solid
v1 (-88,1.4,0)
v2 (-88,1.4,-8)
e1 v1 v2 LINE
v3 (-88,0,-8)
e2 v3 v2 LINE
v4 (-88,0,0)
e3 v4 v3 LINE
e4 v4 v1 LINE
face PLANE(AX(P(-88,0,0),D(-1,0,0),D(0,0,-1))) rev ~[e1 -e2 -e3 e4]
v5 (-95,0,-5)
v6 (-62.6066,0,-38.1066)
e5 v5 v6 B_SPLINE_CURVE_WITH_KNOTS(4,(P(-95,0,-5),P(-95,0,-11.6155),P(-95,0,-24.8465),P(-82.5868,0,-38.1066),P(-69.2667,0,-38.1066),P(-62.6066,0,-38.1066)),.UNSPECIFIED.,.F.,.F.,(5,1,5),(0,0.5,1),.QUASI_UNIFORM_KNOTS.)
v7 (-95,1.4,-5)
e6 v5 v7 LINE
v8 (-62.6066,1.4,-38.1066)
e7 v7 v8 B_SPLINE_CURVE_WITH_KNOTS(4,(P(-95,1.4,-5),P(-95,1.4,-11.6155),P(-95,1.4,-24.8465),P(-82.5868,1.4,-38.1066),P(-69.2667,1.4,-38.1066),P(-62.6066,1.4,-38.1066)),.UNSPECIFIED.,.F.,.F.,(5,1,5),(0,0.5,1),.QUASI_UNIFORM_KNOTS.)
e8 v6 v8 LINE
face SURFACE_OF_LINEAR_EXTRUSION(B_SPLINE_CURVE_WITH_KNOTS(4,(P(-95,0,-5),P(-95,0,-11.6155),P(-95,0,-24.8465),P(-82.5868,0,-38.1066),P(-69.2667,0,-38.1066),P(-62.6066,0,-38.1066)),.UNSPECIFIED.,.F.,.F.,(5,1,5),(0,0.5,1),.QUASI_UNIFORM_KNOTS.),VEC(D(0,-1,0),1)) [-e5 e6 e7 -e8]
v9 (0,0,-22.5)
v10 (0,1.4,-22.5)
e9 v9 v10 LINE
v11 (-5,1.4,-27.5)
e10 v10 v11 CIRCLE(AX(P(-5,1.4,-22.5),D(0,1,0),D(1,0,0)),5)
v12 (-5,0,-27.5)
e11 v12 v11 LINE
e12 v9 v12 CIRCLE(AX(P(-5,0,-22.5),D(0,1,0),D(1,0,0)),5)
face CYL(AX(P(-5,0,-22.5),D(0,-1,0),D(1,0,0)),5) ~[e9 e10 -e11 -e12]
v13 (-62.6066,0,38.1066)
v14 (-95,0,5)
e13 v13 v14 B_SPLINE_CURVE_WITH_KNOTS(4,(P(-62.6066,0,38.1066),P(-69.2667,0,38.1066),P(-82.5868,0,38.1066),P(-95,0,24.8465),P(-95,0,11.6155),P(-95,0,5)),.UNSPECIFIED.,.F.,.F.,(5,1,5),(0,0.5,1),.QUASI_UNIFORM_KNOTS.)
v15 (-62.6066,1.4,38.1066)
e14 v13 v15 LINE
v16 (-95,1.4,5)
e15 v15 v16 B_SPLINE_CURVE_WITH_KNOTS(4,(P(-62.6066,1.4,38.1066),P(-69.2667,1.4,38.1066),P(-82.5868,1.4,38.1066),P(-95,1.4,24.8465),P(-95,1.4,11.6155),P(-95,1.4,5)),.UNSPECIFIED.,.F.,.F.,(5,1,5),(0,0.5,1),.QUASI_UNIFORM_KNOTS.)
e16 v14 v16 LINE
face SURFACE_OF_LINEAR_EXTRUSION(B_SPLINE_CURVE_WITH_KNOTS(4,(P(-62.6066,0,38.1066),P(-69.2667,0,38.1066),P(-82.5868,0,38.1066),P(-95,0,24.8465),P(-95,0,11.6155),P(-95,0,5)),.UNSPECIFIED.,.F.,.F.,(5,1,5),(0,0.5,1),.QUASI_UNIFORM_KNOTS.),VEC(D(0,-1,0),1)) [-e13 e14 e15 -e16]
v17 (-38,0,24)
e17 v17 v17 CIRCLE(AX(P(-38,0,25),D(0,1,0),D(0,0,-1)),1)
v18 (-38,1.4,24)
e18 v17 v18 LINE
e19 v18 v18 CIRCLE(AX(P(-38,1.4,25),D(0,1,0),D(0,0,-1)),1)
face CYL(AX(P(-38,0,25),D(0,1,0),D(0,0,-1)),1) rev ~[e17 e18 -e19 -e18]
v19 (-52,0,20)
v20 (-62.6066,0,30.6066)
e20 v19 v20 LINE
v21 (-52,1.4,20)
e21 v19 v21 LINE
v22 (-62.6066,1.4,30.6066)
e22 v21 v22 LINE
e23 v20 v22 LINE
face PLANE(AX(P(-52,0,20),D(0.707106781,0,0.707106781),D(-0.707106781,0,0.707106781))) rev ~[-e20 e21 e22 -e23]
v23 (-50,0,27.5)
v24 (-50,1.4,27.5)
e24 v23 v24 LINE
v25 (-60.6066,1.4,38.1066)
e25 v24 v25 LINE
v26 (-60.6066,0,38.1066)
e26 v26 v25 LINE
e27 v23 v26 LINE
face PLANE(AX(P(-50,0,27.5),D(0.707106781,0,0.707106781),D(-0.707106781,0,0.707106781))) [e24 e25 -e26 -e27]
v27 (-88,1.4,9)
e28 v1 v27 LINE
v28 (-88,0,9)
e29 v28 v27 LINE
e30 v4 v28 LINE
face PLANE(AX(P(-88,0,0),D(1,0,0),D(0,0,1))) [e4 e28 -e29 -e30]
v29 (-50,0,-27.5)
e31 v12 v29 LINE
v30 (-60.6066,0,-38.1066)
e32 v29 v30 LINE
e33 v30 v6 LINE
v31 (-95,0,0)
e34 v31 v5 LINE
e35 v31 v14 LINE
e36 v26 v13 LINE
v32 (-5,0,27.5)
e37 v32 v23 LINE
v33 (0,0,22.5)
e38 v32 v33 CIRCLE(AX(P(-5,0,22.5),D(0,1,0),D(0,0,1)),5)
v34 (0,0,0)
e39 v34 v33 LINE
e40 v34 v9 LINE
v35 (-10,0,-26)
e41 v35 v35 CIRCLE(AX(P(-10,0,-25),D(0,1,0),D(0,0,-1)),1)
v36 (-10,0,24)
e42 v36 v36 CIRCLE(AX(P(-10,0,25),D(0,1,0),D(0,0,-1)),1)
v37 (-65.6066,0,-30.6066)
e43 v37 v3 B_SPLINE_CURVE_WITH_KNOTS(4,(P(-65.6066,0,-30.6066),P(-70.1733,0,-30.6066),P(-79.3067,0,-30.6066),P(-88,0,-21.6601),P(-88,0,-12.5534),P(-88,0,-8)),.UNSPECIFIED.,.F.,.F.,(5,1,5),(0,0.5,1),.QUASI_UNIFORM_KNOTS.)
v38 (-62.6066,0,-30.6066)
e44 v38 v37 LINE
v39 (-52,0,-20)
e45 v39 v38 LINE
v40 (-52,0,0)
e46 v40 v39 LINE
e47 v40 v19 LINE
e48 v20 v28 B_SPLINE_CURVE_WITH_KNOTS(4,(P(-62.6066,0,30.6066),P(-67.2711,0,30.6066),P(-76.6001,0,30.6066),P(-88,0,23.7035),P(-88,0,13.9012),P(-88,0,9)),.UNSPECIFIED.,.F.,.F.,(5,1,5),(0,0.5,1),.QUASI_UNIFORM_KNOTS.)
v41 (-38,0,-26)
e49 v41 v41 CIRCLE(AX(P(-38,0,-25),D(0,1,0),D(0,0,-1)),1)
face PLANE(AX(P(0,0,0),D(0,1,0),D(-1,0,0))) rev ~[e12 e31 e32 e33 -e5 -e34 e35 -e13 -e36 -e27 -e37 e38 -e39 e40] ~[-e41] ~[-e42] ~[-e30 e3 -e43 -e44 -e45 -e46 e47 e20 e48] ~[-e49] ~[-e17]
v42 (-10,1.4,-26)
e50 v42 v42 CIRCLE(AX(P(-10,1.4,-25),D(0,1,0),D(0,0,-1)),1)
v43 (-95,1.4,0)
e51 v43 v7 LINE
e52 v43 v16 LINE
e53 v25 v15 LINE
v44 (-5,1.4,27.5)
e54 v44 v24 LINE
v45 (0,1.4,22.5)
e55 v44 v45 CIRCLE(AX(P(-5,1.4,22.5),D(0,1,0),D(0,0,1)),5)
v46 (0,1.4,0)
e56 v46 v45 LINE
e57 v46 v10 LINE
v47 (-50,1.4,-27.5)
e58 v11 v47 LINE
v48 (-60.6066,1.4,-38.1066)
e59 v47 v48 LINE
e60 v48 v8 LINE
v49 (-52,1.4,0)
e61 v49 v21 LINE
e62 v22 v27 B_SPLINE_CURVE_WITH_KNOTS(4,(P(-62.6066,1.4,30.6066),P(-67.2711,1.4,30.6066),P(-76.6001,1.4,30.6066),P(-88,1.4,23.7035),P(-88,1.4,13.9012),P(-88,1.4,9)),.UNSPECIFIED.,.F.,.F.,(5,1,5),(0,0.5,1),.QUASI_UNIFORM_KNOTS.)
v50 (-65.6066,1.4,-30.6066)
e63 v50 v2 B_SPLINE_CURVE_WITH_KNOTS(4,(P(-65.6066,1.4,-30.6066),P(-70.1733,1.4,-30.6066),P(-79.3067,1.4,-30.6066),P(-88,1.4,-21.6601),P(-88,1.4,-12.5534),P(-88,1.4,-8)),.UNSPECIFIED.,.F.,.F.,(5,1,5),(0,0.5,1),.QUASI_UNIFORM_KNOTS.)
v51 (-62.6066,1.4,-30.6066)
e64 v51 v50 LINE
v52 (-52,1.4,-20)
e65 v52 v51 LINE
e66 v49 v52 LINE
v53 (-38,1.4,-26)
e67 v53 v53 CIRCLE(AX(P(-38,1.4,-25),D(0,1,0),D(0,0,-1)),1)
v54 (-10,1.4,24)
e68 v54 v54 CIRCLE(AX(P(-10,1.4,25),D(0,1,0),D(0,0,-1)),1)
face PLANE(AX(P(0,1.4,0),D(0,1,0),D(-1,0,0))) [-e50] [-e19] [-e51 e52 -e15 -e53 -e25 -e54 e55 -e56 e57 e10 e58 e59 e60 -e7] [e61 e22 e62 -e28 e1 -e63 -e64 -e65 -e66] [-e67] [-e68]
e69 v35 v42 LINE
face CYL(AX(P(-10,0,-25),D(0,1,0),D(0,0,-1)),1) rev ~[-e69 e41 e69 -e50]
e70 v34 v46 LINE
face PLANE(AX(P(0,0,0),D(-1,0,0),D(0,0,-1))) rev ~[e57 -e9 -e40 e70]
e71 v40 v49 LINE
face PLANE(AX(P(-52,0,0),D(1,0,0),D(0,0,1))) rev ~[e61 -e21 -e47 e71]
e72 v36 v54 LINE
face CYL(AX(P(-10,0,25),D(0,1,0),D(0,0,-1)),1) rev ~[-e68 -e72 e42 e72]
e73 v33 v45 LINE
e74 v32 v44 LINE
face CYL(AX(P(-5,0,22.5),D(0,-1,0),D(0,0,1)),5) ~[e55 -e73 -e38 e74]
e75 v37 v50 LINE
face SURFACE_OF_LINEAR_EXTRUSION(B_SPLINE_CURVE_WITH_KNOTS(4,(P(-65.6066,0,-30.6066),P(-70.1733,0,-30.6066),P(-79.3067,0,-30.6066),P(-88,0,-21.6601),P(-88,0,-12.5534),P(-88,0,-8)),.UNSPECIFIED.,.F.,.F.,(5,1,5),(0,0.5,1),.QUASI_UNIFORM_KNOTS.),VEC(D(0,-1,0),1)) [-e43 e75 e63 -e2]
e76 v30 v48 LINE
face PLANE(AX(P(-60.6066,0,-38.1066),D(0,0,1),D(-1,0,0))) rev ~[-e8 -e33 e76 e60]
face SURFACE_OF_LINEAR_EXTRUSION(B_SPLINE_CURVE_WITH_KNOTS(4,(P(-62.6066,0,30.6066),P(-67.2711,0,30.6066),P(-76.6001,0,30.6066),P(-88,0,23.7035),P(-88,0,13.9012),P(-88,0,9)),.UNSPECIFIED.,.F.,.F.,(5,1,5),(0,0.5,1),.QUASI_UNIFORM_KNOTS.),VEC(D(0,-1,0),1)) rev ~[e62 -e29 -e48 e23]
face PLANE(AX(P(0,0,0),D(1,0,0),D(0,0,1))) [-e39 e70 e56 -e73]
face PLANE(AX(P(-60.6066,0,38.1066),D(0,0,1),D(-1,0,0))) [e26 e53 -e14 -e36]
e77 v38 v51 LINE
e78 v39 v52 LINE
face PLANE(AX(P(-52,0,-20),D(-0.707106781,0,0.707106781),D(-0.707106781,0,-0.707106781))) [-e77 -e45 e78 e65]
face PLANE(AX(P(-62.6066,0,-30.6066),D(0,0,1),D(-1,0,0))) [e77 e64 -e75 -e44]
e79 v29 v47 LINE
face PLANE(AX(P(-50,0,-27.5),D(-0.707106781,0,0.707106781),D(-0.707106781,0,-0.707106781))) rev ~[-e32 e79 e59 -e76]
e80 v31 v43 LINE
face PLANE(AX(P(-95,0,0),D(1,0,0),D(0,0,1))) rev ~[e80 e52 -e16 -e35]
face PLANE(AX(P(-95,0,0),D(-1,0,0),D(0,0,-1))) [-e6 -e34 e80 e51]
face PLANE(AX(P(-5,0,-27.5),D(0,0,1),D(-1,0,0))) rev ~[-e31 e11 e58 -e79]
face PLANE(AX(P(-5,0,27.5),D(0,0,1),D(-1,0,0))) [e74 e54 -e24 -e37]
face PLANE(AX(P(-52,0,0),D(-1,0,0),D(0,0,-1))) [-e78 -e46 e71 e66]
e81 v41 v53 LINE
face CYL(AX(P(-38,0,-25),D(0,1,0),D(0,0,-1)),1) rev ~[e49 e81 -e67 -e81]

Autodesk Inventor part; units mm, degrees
ref_plane "YZ Plane" through (0, 0, 0) normal (1, 0, 0) x (0, 1, 0)
ref_plane "XZ Plane" through (0, 0, 0) normal (0, 1, 0) x (-1, 0, 0)
ref_plane "XY Plane" through (0, 0, 0) normal (0, 0, 1) x (1, 0, 0)
sketch "Sketch1" plane through (0, 0, 0) normal (0, 1, 0) x (-1, 0, 0)
  line L0 (0, 0) -> (0, -22.5)
  line L1 (0, 0) -> (0, 22.5)
  line L2 (5, 27.5) -> (50, 27.5)
  line L3 (5, -27.5) -> (50, -27.5)
  line L4 (50, 27.5) -> (60.6066, 38.1066)
  line L5 (50, 27.5) -> (65, 27.5) construction
  line L6 (50, -27.5) -> (60.6066, -38.1066)
  line L7 (50, -27.5) -> (65, -27.5) construction
  line L8 (95, 0) -> (95, -5)
  line L9 (95, 0) -> (95, 5)
  arc A0 (5, 27.5) -> (0, 22.5) centre (5, 22.5) ccw
  arc A1 (0, -22.5) -> (5, -27.5) centre (5, -22.5) ccw
  line L10 (60.6066, 38.1066) -> (62.6066, 38.1066)
  line L11 (60.6066, -38.1066) -> (62.6066, -38.1066)
  spline S0 degree 4 poles (62.6066, 38.1066) (69.2667, 38.1066) (82.5868, 38.1066) (95, 24.8465) (95, 11.6155) (95, 5) knots 0 0 0 0 0 0.5 1 1 1 1 1
  spline S1 degree 4 poles (95, -5) (95, -11.6155) (95, -24.8465) (82.5868, -38.1066) (69.2667, -38.1066) (62.6066, -38.1066) knots 0 0 0 0 0 0.5 1 1 1 1 1
  line L12 (52, 0) -> (52, -20)
  line L13 (52, 0) -> (52, 20)
  line L14 (52, 20) -> (62.6066, 30.6066)
  line L15 (52, -20) -> (62.6066, -30.6066)
  line L16 (52, -20) -> (67, -20) construction
  line L17 (62.6066, 30.6066) -> (65.6066, 30.6066)
  line L18 (62.6066, -30.6066) -> (65.6066, -30.6066)
  line L19 (88, 0) -> (88, -8)
  line L20 (88, 0) -> (88, 9)
  spline S2 degree 4 poles (62.6066, 30.6066) (67.2711, 30.6066) (76.6001, 30.6066) (88, 23.7035) (88, 13.9012) (88, 9) knots 0 0 0 0 0 0.5 1 1 1 1 1
  spline S3 degree 4 poles (65.6066, -30.6066) (70.1733, -30.6066) (79.3067, -30.6066) (88, -21.6601) (88, -12.5534) (88, -8) knots 0 0 0 0 0 0.5 1 1 1 1 1
  point P0 (0, -27.5)
  point P1 (0, 27.5)
  point P2 (80, 0)
  point P3 (38, -25)
  point P4 (10, -25)
  point P5 (38, 25)
  point P6 (10, 25)
  dimension "d1" = 27.5
  dimension "d2" = 27.5
  dimension "d3" = 50
  dimension "d4" = 50
  dimension "d5" = 15
  dimension "d6" = 45
  dimension "d7" = 15
  dimension "d8" = 45
  dimension "d17" = 5
  dimension "d18" = 5
  dimension "d19" = 5
  dimension "d20" = 2
  dimension "d21" = 2
  dimension "d22" = 20
  dimension "d23" = 20
  dimension "d24" = 15
  dimension "d25" = 15
  dimension "d26" = 45
  dimension "d27" = 3
  dimension "d28" = 3
  dimension "d29" = 8
  dimension "d30" = 9
extrude "Extrusion1" add sketch "Sketch1" along normal blind 1.4
hole "Hole1" at (-38, 0, -25) at (-10, 0, -25) at (-38, 0, 25) at (-10, 0, 25) direction (0, 1, 0) diameter 2 depth 2 tip angle 118
properties part number "mainpcb-01"
